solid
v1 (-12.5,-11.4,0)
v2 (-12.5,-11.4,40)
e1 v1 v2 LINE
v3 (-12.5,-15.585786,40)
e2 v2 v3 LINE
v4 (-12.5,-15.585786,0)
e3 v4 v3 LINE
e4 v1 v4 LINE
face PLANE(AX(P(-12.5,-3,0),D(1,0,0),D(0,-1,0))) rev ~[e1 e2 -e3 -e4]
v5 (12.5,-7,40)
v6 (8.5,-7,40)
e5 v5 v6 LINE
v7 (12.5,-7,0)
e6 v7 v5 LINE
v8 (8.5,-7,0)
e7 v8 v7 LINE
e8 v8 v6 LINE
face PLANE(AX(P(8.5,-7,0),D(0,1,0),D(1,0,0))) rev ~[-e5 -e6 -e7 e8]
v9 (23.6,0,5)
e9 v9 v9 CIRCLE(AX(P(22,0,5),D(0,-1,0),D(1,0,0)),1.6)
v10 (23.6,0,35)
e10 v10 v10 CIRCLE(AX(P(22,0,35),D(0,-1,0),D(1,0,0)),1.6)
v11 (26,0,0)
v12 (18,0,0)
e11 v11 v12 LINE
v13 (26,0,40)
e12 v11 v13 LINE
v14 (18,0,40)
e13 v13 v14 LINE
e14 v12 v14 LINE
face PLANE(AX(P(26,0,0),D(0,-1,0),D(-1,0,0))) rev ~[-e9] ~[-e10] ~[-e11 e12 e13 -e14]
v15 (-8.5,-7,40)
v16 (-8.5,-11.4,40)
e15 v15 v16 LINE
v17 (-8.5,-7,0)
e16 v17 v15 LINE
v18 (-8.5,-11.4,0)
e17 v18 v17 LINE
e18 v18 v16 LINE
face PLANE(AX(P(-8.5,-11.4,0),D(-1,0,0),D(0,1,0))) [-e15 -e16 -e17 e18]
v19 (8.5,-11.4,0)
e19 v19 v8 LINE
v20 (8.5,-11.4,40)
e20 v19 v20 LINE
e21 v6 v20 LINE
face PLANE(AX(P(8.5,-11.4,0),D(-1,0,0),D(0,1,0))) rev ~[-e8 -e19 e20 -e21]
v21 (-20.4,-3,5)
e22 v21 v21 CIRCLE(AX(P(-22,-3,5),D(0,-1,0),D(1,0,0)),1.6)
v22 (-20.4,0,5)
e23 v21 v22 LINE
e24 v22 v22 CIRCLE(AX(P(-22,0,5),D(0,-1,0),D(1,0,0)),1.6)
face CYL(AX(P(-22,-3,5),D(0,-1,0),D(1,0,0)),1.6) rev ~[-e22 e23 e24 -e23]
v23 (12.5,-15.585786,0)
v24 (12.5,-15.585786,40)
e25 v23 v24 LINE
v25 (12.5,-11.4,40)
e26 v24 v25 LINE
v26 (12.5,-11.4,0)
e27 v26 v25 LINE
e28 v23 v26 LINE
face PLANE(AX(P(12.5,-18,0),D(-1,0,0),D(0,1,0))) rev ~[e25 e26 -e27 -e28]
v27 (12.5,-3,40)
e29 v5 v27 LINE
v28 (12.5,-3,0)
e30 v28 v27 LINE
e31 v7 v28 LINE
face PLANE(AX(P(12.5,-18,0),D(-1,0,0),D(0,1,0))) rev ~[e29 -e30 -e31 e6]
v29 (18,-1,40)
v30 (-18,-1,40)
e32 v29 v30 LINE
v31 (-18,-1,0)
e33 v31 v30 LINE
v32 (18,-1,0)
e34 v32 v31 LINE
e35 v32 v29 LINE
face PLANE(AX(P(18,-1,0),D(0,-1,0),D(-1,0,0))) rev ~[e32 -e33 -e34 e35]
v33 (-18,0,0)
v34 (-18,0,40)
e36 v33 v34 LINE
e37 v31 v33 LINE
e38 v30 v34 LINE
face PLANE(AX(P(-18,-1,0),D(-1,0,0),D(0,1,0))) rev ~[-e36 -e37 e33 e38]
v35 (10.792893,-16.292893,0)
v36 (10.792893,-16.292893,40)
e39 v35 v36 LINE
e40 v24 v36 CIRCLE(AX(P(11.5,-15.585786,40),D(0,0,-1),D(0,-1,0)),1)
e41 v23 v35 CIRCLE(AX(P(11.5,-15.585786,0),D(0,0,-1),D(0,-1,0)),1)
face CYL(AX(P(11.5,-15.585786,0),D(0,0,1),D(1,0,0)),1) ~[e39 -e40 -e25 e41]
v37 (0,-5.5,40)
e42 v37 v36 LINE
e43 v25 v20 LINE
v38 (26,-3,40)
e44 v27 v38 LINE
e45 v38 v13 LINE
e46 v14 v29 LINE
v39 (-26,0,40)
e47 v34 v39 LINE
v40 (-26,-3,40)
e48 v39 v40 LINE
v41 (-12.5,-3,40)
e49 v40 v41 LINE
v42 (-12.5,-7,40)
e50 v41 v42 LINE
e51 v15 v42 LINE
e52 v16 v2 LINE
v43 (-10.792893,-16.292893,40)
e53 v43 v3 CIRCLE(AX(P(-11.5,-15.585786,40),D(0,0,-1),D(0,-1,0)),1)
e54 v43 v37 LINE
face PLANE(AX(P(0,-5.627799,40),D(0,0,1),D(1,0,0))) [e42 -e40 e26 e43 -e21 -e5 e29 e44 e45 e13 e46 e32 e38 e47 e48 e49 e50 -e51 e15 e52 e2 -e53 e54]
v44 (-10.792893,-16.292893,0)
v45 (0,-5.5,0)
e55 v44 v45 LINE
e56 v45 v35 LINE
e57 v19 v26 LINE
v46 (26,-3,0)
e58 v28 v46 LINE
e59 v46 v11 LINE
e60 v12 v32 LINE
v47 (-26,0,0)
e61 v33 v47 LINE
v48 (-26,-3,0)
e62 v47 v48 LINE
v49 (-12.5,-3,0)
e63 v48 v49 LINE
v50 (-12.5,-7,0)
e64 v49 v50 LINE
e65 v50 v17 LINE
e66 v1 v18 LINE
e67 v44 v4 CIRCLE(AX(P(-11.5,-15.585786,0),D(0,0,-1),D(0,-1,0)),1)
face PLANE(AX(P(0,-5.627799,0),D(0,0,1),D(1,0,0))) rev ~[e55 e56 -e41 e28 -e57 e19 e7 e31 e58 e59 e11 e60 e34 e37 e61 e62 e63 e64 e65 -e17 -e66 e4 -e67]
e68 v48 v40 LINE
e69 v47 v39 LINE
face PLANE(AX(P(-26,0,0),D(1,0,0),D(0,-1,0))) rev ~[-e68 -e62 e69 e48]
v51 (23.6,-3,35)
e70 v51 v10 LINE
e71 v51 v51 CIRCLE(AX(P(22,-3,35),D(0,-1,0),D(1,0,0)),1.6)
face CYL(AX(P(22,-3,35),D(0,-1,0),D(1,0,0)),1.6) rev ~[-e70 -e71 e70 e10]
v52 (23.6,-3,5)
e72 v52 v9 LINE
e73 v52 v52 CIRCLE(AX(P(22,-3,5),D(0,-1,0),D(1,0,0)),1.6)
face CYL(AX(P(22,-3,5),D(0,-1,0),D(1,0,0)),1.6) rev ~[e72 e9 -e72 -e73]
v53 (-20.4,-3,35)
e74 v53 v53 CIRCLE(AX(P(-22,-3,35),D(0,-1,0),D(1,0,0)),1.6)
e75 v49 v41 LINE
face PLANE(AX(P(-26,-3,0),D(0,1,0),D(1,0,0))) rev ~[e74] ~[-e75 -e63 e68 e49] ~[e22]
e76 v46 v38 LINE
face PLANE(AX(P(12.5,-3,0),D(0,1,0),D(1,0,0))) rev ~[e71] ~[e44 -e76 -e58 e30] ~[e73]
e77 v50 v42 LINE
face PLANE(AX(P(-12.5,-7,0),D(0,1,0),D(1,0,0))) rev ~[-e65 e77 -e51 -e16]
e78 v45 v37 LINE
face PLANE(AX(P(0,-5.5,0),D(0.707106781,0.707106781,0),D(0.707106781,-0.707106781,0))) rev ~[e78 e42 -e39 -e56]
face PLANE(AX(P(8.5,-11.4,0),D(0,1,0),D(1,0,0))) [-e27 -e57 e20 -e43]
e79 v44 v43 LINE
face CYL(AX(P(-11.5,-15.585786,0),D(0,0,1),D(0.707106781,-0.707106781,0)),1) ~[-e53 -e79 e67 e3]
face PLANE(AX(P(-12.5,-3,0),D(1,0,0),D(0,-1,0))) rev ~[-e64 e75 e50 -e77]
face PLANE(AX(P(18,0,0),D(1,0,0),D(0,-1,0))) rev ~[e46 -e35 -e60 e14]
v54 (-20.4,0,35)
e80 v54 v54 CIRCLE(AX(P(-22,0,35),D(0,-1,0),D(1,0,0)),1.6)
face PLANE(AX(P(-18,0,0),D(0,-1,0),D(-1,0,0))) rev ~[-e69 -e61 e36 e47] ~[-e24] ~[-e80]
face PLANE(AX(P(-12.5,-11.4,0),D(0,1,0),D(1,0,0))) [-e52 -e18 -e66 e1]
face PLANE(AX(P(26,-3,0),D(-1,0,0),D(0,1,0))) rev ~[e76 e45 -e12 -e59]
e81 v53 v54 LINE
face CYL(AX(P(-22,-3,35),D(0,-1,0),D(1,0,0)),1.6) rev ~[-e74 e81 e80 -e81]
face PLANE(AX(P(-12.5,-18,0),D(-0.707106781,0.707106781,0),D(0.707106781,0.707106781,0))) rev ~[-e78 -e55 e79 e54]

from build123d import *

# Parameters (mm, degrees)
PAD_DEPTH         = 40
SKETCH001_W       = 4
SKETCH001_H       = 4.4
POCKET_DEPTH      = 0.001
POCKET_DEPTH_BACK = -40.001
FILLET_R          = 1
SKETCH002_R       = 1.6
POCKET001_DEPTH   = 3.001


with BuildPart() as part:
    # Sketch → Pad (new body)
    with BuildSketch(Plane.XY):
        Polygon((-12.5, -3), (-12.5, -18), (0, -5.5), (12.5, -18), (12.5, -3), (26, -3), (26, 0), (18, 0), (18, -1), (-18, -1), (-18, 0), (-26, 0), (-26, -3), align=None)
    extrude(amount=PAD_DEPTH)

    # Sketch001 → Pocket (cut, two sides)
    with BuildSketch(Plane.XY) as pocket_sk:
        with Locations((-10.5, -9.2)):
            Rectangle(SKETCH001_W, SKETCH001_H)
        with Locations((10.5, -9.2)):
            Rectangle(SKETCH001_W, SKETCH001_H)
    extrude(amount=-POCKET_DEPTH, mode=Mode.SUBTRACT)
    extrude(pocket_sk.sketch, amount=-POCKET_DEPTH_BACK, mode=Mode.SUBTRACT)

    # Fillet
    fillet_edges = [part.edges().sort_by_distance(p)[0] for p in [
        (-12.5, -18, 20),
        (12.5, -18, 20),
    ]]
    fillet(fillet_edges, radius=FILLET_R)

    # Sketch002 (on Face12 of Fillet) → Pocket001 (cut, through all)
    with BuildSketch(Plane.XZ.offset(3)):
        with Locations((-22, 5)):
            Circle(SKETCH002_R)
        with Locations((-22, 35)):
            Circle(SKETCH002_R)
        with Locations((22, 35)):
            Circle(SKETCH002_R)
        with Locations((22, 5)):
            Circle(SKETCH002_R)
    extrude(amount=-POCKET001_DEPTH, mode=Mode.SUBTRACT)


solid = part.part
